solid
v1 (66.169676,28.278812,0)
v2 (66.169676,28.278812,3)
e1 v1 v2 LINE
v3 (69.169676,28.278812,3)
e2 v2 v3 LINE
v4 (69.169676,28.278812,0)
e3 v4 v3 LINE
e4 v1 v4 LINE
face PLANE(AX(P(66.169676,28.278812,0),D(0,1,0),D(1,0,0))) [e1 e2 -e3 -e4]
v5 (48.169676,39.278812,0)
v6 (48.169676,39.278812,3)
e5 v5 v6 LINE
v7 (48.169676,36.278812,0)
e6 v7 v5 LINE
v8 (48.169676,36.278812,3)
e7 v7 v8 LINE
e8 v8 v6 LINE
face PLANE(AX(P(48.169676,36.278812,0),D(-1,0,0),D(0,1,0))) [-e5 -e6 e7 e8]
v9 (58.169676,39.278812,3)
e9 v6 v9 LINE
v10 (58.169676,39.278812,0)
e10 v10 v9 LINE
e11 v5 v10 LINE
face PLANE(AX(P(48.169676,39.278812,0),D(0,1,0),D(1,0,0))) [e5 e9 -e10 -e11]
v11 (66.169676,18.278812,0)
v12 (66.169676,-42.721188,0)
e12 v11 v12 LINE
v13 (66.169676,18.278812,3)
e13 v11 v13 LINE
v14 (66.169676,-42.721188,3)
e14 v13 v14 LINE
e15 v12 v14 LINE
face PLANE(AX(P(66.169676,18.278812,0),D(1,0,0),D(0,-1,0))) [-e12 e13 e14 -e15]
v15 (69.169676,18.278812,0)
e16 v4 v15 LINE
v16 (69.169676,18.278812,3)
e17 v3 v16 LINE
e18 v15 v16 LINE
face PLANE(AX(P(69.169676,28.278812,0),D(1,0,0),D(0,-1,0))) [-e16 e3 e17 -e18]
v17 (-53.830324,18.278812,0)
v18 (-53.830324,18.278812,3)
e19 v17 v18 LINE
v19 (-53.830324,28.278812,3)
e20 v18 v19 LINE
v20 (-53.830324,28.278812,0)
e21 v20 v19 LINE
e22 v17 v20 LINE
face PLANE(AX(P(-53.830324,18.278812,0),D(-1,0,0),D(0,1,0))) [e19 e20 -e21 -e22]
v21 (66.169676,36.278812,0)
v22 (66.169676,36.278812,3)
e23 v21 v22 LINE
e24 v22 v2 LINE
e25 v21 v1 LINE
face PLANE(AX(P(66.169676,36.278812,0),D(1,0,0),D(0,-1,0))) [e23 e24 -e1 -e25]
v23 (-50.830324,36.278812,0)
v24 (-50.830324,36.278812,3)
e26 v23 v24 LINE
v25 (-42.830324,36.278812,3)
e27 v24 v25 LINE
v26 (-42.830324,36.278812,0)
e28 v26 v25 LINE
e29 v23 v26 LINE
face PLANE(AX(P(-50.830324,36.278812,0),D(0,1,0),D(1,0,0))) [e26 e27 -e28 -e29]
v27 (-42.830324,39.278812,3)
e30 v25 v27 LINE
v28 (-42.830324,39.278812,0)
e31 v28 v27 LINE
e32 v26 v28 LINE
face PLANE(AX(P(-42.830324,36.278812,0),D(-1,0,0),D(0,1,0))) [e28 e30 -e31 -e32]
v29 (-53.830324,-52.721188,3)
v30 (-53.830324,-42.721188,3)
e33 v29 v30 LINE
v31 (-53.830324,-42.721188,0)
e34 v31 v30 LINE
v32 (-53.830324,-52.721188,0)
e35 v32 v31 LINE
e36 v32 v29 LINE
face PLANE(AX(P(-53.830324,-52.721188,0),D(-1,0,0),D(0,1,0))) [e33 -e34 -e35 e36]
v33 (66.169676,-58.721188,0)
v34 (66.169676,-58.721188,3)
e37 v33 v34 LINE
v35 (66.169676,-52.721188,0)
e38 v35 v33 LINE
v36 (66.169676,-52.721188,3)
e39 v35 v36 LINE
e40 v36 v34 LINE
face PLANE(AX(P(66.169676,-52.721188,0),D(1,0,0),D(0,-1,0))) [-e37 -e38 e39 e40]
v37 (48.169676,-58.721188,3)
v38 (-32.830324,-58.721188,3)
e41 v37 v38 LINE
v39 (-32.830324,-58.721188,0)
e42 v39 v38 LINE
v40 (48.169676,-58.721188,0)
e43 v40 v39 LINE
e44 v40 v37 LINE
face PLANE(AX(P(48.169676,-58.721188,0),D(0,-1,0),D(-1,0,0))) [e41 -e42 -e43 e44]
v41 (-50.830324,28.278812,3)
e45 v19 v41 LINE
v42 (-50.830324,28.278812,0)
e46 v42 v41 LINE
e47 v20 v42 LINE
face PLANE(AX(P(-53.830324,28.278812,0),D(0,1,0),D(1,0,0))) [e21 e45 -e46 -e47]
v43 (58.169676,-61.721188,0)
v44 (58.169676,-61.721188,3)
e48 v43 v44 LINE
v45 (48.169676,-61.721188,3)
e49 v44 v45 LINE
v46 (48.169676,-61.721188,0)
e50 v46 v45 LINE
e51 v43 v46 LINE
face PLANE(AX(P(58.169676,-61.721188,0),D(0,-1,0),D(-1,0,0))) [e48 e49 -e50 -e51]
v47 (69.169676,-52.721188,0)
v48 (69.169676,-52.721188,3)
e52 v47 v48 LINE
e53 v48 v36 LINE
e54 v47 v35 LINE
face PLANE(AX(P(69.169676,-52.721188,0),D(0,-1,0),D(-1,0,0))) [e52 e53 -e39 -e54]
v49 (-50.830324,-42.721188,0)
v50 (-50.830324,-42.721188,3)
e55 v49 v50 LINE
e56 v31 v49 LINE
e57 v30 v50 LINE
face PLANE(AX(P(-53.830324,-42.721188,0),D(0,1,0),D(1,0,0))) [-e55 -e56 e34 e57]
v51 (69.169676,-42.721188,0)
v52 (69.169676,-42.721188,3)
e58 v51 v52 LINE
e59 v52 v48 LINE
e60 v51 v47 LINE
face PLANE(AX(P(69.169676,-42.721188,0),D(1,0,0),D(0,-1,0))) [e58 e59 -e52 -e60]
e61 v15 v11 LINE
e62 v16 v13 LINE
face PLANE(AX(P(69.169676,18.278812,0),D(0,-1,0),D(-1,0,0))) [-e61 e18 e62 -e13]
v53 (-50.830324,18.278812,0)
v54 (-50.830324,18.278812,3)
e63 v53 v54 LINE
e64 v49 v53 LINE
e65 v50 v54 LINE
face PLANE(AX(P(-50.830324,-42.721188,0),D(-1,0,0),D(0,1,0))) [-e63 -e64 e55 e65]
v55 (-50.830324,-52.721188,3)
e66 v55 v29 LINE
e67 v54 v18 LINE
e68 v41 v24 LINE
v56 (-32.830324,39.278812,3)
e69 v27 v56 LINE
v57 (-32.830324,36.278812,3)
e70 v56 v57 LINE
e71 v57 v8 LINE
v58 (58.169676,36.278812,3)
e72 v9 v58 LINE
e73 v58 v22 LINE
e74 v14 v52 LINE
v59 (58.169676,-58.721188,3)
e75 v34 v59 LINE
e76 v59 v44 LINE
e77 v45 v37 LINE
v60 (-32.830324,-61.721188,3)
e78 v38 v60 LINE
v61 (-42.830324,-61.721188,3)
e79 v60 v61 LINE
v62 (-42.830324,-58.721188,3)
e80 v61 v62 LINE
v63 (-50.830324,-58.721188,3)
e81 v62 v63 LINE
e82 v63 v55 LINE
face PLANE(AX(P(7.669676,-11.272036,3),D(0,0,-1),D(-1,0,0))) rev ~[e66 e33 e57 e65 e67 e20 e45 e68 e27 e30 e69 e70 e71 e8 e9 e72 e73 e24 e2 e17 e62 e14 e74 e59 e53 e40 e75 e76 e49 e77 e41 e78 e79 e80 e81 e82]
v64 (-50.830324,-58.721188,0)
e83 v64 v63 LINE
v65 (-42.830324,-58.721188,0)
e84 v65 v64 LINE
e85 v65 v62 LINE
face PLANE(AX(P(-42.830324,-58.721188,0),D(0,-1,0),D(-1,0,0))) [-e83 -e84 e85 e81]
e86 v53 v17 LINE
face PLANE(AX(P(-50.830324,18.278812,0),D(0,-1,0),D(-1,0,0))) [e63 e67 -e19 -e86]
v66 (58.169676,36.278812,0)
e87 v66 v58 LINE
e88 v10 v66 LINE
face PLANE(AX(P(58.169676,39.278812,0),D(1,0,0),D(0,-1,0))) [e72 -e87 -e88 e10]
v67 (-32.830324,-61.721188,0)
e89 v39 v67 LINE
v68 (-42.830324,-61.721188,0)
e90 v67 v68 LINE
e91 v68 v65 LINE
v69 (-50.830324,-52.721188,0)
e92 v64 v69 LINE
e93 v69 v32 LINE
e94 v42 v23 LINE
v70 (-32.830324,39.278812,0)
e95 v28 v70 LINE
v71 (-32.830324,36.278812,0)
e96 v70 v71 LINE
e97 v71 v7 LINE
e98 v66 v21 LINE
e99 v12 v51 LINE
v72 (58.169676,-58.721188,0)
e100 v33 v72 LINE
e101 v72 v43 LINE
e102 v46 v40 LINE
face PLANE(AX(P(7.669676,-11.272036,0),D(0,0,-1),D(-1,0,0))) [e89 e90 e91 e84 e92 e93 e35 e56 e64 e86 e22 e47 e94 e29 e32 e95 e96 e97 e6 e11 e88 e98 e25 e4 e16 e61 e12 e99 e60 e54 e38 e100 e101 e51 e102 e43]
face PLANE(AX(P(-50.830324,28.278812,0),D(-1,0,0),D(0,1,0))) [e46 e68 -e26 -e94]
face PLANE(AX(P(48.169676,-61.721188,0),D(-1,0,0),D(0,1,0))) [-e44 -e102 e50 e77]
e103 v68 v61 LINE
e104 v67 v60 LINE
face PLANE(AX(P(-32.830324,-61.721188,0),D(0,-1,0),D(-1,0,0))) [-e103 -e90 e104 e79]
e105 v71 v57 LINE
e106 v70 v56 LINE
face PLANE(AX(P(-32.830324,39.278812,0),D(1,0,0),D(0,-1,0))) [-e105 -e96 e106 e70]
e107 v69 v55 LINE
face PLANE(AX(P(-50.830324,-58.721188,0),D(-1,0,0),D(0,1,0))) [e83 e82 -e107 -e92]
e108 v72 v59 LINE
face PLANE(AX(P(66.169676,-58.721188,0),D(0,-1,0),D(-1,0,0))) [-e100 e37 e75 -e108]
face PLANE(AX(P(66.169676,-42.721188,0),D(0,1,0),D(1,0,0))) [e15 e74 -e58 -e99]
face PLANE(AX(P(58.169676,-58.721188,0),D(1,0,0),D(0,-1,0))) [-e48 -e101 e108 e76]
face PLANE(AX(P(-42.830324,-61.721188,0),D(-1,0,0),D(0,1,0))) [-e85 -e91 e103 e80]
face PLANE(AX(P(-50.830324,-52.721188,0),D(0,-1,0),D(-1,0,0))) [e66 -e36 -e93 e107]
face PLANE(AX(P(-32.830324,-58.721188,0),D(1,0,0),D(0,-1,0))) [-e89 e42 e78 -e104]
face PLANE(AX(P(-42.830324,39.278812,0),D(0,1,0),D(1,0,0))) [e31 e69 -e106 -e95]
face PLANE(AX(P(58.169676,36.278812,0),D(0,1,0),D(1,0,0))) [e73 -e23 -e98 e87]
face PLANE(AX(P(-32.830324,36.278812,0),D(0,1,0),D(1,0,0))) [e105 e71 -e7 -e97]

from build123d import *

# Parameters (mm, degrees)
SALIENTE_EXTRUIR1_DEPTH = 3


with BuildPart() as part:
    # Croquis1 → Saliente-Extruir1 (new body)
    with BuildSketch(Plane.XY):
        Polygon((-50.830323555, 36.278811864), (-42.830323555, 36.278811864), (-42.830323555, 39.278811864), (-32.830323555, 39.278811864), (-32.830323555, 36.278811864), (48.169676445, 36.278811864), (48.169676445, 39.278811864), (58.169676445, 39.278811864), (58.169676445, 36.278811864), (66.169676445, 36.278811864), (66.169676445, 28.278811864), (69.169676445, 28.278811864), (69.169676445, 18.278811864), (66.169676445, 18.278811864), (66.169676445, -42.721188136), (69.169676445, -42.721188136), (69.169676445, -52.721188136), (66.169676445, -52.721188136), (66.169676445, -58.721188136), (58.169676445, -58.721188136), (58.169676445, -61.721188136), (48.169676445, -61.721188136), (48.169676445, -58.721188136), (-32.830323555, -58.721188136), (-32.830323555, -61.721188136), (-42.830323555, -61.721188136), (-42.830323555, -58.721188136), (-50.830323555, -58.721188136), (-50.830323555, -52.721188136), (-53.830323555, -52.721188136), (-53.830323555, -42.721188136), (-50.830323555, -42.721188136), (-50.830323555, 18.278811864), (-53.830323555, 18.278811864), (-53.830323555, 28.278811864), (-50.830323555, 28.278811864), align=None)
    extrude(amount=SALIENTE_EXTRUIR1_DEPTH)


solid = part.part
